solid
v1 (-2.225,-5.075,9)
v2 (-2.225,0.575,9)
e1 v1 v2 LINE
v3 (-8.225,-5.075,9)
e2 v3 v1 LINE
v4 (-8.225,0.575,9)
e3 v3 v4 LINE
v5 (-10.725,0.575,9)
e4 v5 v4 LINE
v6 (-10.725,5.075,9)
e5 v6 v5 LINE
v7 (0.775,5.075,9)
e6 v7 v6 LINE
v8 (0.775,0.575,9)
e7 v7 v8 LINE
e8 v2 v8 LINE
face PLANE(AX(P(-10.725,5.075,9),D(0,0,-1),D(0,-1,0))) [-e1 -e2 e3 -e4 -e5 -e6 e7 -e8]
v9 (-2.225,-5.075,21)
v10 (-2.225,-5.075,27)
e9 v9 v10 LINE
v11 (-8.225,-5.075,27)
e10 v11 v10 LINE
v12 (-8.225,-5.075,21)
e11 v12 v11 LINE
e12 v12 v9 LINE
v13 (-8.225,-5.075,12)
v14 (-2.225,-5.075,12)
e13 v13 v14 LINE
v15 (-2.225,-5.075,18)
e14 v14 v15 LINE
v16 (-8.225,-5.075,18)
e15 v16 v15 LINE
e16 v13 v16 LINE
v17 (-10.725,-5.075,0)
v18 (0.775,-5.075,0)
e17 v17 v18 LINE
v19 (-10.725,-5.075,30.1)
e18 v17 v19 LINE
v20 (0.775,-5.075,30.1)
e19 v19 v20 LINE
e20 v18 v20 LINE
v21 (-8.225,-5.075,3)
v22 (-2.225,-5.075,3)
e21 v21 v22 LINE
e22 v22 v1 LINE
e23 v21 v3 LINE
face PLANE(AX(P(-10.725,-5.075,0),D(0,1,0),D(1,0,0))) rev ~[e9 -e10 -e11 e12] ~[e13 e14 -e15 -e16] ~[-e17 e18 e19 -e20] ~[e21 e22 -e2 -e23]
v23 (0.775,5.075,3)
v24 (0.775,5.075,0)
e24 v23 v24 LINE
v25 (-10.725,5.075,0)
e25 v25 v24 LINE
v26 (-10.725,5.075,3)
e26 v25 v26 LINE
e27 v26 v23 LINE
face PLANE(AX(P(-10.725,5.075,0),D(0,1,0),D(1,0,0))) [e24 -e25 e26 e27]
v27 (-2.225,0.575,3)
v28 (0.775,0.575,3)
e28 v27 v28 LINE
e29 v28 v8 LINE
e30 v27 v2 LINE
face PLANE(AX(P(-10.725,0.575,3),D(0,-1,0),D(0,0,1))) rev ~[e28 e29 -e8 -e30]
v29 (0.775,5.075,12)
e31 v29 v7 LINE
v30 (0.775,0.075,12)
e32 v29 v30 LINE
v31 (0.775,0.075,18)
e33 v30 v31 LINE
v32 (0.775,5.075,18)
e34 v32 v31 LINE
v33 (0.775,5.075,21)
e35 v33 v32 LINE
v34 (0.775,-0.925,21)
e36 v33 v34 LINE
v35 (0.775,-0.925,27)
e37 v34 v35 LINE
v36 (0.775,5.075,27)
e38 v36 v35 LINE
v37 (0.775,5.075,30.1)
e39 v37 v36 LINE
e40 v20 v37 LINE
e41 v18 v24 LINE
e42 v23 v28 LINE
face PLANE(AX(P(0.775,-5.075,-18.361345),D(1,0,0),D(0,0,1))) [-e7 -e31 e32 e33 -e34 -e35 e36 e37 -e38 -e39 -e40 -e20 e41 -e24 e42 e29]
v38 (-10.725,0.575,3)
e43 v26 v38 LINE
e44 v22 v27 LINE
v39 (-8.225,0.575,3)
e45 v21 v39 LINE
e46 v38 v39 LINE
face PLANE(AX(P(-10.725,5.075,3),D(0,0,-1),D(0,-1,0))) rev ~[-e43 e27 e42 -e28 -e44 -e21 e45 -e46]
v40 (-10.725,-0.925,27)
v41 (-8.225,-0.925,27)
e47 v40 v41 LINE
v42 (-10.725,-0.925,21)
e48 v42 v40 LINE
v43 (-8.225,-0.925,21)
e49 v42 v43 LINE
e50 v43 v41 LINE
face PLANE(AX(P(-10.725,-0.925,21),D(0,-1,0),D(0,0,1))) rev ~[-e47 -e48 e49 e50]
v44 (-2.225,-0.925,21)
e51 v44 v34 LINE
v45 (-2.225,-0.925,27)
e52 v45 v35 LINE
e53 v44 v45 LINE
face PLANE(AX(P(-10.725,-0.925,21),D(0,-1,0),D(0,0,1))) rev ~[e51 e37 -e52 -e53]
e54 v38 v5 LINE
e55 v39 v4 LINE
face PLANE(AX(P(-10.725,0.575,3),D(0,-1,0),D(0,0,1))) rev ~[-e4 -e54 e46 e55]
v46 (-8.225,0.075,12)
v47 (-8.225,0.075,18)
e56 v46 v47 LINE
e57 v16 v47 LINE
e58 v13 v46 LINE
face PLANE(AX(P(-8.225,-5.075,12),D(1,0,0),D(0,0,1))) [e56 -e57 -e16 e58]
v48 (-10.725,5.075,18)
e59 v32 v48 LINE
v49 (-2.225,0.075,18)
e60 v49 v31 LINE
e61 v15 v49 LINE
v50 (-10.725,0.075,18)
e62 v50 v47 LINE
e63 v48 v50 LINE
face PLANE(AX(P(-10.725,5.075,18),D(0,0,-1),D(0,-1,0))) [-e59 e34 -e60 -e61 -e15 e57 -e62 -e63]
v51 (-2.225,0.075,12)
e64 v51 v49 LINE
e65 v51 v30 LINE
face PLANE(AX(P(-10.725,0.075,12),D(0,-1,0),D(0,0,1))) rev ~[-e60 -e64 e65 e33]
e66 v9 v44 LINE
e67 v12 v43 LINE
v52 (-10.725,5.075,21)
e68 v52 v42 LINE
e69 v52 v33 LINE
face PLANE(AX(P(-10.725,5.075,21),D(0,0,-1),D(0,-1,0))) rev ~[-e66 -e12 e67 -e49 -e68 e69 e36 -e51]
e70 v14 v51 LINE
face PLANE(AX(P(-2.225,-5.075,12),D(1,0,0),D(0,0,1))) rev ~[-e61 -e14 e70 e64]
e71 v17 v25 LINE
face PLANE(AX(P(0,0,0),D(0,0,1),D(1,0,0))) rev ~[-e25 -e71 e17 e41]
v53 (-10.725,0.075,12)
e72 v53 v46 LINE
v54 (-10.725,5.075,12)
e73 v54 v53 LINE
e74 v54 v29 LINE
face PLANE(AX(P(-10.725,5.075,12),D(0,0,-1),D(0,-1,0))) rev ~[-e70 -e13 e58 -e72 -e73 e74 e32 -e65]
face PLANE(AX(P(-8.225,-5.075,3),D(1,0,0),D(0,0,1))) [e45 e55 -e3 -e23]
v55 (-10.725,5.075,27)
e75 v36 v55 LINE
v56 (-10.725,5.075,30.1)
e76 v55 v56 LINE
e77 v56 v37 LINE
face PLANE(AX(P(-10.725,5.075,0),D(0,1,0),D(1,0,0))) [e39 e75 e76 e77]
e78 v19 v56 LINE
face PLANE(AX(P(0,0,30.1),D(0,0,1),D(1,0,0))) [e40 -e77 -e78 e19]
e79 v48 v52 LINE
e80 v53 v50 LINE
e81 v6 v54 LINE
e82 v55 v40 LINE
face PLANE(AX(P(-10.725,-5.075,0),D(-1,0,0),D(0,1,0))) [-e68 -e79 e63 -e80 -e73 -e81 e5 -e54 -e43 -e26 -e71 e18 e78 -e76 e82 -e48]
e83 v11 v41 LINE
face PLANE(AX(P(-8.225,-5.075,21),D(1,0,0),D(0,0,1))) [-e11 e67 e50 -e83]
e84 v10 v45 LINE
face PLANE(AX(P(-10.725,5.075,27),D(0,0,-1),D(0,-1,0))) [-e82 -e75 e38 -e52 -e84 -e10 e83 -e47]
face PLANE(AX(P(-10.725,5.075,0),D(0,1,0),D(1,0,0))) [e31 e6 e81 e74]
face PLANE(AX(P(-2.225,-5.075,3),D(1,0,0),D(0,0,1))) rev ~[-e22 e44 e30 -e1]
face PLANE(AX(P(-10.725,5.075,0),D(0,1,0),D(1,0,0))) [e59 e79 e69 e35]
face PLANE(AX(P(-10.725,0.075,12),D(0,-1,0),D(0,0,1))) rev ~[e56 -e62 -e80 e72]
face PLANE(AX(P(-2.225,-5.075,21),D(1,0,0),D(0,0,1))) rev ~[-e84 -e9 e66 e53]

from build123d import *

# Parameters (mm, degrees)
F0_W     = 21.45
F0_H     = 10.15
F1_DEPTH = 30.1
F2_W     = 4.5
F2_H     = 6
F2_W_2   = 5
F2_W_3   = 6
F3_DEPTH = 20
F4_W     = 6
F4_H     = 6
F5_DEPTH = 25
F6_W     = 38.292414
F6_H     = 55.741895
F7_DEPTH = 25


with BuildPart() as f1:
    # F0 (on Top) → F1 (new body)
    with BuildSketch(Plane.XY):
        Rectangle(F0_W, F0_H)
        Polygon((10.725, 7.226717), (10.725, 5.075), (10.725, -5.075), (13.978312, -5.075), (13.978312, 7.226717), align=None)
        Polygon((13.978312, 7.226717), (13.978312, -5.075), (17.385745, -5.075), (17.385745, 9.236451), (13.978312, 9.236451), align=None)
    extrude(amount=F1_DEPTH)

    # F2 (on face) → F3 (cut)
    with BuildSketch(Plane(origin=(-10.725, 0, 0), x_dir=(0, -1, 0), z_dir=(-1, 0, 0))):
        with Locations((-2.825, 6)):
            Rectangle(F2_W, F2_H)
        with Locations((-2.575, 15)):
            Rectangle(F2_W_2, F2_H)
        with Locations((-2.075, 24)):
            Rectangle(F2_W_3, F2_H)
    extrude(amount=-F3_DEPTH, mode=Mode.SUBTRACT)

    # F4 (on face) → F5 (cut)
    with BuildSketch(Plane.XZ.offset(5.075)):
        with Locations((-5.225, 6)):
            Rectangle(F4_W, F4_H)
        with Locations((-5.225, 15)):
            Rectangle(F4_W, F4_H)
        with Locations((-5.225, 24)):
            Rectangle(F4_W, F4_H)
    extrude(amount=-F5_DEPTH, mode=Mode.SUBTRACT)

    # F6 (on face) → F7 (cut)
    with BuildSketch(Plane.XZ.offset(5.075)):
        with Locations((19.921207, 9.509602)):
            Rectangle(F6_W, F6_H)
    extrude(amount=-F7_DEPTH, mode=Mode.SUBTRACT)


solid = f1.part
